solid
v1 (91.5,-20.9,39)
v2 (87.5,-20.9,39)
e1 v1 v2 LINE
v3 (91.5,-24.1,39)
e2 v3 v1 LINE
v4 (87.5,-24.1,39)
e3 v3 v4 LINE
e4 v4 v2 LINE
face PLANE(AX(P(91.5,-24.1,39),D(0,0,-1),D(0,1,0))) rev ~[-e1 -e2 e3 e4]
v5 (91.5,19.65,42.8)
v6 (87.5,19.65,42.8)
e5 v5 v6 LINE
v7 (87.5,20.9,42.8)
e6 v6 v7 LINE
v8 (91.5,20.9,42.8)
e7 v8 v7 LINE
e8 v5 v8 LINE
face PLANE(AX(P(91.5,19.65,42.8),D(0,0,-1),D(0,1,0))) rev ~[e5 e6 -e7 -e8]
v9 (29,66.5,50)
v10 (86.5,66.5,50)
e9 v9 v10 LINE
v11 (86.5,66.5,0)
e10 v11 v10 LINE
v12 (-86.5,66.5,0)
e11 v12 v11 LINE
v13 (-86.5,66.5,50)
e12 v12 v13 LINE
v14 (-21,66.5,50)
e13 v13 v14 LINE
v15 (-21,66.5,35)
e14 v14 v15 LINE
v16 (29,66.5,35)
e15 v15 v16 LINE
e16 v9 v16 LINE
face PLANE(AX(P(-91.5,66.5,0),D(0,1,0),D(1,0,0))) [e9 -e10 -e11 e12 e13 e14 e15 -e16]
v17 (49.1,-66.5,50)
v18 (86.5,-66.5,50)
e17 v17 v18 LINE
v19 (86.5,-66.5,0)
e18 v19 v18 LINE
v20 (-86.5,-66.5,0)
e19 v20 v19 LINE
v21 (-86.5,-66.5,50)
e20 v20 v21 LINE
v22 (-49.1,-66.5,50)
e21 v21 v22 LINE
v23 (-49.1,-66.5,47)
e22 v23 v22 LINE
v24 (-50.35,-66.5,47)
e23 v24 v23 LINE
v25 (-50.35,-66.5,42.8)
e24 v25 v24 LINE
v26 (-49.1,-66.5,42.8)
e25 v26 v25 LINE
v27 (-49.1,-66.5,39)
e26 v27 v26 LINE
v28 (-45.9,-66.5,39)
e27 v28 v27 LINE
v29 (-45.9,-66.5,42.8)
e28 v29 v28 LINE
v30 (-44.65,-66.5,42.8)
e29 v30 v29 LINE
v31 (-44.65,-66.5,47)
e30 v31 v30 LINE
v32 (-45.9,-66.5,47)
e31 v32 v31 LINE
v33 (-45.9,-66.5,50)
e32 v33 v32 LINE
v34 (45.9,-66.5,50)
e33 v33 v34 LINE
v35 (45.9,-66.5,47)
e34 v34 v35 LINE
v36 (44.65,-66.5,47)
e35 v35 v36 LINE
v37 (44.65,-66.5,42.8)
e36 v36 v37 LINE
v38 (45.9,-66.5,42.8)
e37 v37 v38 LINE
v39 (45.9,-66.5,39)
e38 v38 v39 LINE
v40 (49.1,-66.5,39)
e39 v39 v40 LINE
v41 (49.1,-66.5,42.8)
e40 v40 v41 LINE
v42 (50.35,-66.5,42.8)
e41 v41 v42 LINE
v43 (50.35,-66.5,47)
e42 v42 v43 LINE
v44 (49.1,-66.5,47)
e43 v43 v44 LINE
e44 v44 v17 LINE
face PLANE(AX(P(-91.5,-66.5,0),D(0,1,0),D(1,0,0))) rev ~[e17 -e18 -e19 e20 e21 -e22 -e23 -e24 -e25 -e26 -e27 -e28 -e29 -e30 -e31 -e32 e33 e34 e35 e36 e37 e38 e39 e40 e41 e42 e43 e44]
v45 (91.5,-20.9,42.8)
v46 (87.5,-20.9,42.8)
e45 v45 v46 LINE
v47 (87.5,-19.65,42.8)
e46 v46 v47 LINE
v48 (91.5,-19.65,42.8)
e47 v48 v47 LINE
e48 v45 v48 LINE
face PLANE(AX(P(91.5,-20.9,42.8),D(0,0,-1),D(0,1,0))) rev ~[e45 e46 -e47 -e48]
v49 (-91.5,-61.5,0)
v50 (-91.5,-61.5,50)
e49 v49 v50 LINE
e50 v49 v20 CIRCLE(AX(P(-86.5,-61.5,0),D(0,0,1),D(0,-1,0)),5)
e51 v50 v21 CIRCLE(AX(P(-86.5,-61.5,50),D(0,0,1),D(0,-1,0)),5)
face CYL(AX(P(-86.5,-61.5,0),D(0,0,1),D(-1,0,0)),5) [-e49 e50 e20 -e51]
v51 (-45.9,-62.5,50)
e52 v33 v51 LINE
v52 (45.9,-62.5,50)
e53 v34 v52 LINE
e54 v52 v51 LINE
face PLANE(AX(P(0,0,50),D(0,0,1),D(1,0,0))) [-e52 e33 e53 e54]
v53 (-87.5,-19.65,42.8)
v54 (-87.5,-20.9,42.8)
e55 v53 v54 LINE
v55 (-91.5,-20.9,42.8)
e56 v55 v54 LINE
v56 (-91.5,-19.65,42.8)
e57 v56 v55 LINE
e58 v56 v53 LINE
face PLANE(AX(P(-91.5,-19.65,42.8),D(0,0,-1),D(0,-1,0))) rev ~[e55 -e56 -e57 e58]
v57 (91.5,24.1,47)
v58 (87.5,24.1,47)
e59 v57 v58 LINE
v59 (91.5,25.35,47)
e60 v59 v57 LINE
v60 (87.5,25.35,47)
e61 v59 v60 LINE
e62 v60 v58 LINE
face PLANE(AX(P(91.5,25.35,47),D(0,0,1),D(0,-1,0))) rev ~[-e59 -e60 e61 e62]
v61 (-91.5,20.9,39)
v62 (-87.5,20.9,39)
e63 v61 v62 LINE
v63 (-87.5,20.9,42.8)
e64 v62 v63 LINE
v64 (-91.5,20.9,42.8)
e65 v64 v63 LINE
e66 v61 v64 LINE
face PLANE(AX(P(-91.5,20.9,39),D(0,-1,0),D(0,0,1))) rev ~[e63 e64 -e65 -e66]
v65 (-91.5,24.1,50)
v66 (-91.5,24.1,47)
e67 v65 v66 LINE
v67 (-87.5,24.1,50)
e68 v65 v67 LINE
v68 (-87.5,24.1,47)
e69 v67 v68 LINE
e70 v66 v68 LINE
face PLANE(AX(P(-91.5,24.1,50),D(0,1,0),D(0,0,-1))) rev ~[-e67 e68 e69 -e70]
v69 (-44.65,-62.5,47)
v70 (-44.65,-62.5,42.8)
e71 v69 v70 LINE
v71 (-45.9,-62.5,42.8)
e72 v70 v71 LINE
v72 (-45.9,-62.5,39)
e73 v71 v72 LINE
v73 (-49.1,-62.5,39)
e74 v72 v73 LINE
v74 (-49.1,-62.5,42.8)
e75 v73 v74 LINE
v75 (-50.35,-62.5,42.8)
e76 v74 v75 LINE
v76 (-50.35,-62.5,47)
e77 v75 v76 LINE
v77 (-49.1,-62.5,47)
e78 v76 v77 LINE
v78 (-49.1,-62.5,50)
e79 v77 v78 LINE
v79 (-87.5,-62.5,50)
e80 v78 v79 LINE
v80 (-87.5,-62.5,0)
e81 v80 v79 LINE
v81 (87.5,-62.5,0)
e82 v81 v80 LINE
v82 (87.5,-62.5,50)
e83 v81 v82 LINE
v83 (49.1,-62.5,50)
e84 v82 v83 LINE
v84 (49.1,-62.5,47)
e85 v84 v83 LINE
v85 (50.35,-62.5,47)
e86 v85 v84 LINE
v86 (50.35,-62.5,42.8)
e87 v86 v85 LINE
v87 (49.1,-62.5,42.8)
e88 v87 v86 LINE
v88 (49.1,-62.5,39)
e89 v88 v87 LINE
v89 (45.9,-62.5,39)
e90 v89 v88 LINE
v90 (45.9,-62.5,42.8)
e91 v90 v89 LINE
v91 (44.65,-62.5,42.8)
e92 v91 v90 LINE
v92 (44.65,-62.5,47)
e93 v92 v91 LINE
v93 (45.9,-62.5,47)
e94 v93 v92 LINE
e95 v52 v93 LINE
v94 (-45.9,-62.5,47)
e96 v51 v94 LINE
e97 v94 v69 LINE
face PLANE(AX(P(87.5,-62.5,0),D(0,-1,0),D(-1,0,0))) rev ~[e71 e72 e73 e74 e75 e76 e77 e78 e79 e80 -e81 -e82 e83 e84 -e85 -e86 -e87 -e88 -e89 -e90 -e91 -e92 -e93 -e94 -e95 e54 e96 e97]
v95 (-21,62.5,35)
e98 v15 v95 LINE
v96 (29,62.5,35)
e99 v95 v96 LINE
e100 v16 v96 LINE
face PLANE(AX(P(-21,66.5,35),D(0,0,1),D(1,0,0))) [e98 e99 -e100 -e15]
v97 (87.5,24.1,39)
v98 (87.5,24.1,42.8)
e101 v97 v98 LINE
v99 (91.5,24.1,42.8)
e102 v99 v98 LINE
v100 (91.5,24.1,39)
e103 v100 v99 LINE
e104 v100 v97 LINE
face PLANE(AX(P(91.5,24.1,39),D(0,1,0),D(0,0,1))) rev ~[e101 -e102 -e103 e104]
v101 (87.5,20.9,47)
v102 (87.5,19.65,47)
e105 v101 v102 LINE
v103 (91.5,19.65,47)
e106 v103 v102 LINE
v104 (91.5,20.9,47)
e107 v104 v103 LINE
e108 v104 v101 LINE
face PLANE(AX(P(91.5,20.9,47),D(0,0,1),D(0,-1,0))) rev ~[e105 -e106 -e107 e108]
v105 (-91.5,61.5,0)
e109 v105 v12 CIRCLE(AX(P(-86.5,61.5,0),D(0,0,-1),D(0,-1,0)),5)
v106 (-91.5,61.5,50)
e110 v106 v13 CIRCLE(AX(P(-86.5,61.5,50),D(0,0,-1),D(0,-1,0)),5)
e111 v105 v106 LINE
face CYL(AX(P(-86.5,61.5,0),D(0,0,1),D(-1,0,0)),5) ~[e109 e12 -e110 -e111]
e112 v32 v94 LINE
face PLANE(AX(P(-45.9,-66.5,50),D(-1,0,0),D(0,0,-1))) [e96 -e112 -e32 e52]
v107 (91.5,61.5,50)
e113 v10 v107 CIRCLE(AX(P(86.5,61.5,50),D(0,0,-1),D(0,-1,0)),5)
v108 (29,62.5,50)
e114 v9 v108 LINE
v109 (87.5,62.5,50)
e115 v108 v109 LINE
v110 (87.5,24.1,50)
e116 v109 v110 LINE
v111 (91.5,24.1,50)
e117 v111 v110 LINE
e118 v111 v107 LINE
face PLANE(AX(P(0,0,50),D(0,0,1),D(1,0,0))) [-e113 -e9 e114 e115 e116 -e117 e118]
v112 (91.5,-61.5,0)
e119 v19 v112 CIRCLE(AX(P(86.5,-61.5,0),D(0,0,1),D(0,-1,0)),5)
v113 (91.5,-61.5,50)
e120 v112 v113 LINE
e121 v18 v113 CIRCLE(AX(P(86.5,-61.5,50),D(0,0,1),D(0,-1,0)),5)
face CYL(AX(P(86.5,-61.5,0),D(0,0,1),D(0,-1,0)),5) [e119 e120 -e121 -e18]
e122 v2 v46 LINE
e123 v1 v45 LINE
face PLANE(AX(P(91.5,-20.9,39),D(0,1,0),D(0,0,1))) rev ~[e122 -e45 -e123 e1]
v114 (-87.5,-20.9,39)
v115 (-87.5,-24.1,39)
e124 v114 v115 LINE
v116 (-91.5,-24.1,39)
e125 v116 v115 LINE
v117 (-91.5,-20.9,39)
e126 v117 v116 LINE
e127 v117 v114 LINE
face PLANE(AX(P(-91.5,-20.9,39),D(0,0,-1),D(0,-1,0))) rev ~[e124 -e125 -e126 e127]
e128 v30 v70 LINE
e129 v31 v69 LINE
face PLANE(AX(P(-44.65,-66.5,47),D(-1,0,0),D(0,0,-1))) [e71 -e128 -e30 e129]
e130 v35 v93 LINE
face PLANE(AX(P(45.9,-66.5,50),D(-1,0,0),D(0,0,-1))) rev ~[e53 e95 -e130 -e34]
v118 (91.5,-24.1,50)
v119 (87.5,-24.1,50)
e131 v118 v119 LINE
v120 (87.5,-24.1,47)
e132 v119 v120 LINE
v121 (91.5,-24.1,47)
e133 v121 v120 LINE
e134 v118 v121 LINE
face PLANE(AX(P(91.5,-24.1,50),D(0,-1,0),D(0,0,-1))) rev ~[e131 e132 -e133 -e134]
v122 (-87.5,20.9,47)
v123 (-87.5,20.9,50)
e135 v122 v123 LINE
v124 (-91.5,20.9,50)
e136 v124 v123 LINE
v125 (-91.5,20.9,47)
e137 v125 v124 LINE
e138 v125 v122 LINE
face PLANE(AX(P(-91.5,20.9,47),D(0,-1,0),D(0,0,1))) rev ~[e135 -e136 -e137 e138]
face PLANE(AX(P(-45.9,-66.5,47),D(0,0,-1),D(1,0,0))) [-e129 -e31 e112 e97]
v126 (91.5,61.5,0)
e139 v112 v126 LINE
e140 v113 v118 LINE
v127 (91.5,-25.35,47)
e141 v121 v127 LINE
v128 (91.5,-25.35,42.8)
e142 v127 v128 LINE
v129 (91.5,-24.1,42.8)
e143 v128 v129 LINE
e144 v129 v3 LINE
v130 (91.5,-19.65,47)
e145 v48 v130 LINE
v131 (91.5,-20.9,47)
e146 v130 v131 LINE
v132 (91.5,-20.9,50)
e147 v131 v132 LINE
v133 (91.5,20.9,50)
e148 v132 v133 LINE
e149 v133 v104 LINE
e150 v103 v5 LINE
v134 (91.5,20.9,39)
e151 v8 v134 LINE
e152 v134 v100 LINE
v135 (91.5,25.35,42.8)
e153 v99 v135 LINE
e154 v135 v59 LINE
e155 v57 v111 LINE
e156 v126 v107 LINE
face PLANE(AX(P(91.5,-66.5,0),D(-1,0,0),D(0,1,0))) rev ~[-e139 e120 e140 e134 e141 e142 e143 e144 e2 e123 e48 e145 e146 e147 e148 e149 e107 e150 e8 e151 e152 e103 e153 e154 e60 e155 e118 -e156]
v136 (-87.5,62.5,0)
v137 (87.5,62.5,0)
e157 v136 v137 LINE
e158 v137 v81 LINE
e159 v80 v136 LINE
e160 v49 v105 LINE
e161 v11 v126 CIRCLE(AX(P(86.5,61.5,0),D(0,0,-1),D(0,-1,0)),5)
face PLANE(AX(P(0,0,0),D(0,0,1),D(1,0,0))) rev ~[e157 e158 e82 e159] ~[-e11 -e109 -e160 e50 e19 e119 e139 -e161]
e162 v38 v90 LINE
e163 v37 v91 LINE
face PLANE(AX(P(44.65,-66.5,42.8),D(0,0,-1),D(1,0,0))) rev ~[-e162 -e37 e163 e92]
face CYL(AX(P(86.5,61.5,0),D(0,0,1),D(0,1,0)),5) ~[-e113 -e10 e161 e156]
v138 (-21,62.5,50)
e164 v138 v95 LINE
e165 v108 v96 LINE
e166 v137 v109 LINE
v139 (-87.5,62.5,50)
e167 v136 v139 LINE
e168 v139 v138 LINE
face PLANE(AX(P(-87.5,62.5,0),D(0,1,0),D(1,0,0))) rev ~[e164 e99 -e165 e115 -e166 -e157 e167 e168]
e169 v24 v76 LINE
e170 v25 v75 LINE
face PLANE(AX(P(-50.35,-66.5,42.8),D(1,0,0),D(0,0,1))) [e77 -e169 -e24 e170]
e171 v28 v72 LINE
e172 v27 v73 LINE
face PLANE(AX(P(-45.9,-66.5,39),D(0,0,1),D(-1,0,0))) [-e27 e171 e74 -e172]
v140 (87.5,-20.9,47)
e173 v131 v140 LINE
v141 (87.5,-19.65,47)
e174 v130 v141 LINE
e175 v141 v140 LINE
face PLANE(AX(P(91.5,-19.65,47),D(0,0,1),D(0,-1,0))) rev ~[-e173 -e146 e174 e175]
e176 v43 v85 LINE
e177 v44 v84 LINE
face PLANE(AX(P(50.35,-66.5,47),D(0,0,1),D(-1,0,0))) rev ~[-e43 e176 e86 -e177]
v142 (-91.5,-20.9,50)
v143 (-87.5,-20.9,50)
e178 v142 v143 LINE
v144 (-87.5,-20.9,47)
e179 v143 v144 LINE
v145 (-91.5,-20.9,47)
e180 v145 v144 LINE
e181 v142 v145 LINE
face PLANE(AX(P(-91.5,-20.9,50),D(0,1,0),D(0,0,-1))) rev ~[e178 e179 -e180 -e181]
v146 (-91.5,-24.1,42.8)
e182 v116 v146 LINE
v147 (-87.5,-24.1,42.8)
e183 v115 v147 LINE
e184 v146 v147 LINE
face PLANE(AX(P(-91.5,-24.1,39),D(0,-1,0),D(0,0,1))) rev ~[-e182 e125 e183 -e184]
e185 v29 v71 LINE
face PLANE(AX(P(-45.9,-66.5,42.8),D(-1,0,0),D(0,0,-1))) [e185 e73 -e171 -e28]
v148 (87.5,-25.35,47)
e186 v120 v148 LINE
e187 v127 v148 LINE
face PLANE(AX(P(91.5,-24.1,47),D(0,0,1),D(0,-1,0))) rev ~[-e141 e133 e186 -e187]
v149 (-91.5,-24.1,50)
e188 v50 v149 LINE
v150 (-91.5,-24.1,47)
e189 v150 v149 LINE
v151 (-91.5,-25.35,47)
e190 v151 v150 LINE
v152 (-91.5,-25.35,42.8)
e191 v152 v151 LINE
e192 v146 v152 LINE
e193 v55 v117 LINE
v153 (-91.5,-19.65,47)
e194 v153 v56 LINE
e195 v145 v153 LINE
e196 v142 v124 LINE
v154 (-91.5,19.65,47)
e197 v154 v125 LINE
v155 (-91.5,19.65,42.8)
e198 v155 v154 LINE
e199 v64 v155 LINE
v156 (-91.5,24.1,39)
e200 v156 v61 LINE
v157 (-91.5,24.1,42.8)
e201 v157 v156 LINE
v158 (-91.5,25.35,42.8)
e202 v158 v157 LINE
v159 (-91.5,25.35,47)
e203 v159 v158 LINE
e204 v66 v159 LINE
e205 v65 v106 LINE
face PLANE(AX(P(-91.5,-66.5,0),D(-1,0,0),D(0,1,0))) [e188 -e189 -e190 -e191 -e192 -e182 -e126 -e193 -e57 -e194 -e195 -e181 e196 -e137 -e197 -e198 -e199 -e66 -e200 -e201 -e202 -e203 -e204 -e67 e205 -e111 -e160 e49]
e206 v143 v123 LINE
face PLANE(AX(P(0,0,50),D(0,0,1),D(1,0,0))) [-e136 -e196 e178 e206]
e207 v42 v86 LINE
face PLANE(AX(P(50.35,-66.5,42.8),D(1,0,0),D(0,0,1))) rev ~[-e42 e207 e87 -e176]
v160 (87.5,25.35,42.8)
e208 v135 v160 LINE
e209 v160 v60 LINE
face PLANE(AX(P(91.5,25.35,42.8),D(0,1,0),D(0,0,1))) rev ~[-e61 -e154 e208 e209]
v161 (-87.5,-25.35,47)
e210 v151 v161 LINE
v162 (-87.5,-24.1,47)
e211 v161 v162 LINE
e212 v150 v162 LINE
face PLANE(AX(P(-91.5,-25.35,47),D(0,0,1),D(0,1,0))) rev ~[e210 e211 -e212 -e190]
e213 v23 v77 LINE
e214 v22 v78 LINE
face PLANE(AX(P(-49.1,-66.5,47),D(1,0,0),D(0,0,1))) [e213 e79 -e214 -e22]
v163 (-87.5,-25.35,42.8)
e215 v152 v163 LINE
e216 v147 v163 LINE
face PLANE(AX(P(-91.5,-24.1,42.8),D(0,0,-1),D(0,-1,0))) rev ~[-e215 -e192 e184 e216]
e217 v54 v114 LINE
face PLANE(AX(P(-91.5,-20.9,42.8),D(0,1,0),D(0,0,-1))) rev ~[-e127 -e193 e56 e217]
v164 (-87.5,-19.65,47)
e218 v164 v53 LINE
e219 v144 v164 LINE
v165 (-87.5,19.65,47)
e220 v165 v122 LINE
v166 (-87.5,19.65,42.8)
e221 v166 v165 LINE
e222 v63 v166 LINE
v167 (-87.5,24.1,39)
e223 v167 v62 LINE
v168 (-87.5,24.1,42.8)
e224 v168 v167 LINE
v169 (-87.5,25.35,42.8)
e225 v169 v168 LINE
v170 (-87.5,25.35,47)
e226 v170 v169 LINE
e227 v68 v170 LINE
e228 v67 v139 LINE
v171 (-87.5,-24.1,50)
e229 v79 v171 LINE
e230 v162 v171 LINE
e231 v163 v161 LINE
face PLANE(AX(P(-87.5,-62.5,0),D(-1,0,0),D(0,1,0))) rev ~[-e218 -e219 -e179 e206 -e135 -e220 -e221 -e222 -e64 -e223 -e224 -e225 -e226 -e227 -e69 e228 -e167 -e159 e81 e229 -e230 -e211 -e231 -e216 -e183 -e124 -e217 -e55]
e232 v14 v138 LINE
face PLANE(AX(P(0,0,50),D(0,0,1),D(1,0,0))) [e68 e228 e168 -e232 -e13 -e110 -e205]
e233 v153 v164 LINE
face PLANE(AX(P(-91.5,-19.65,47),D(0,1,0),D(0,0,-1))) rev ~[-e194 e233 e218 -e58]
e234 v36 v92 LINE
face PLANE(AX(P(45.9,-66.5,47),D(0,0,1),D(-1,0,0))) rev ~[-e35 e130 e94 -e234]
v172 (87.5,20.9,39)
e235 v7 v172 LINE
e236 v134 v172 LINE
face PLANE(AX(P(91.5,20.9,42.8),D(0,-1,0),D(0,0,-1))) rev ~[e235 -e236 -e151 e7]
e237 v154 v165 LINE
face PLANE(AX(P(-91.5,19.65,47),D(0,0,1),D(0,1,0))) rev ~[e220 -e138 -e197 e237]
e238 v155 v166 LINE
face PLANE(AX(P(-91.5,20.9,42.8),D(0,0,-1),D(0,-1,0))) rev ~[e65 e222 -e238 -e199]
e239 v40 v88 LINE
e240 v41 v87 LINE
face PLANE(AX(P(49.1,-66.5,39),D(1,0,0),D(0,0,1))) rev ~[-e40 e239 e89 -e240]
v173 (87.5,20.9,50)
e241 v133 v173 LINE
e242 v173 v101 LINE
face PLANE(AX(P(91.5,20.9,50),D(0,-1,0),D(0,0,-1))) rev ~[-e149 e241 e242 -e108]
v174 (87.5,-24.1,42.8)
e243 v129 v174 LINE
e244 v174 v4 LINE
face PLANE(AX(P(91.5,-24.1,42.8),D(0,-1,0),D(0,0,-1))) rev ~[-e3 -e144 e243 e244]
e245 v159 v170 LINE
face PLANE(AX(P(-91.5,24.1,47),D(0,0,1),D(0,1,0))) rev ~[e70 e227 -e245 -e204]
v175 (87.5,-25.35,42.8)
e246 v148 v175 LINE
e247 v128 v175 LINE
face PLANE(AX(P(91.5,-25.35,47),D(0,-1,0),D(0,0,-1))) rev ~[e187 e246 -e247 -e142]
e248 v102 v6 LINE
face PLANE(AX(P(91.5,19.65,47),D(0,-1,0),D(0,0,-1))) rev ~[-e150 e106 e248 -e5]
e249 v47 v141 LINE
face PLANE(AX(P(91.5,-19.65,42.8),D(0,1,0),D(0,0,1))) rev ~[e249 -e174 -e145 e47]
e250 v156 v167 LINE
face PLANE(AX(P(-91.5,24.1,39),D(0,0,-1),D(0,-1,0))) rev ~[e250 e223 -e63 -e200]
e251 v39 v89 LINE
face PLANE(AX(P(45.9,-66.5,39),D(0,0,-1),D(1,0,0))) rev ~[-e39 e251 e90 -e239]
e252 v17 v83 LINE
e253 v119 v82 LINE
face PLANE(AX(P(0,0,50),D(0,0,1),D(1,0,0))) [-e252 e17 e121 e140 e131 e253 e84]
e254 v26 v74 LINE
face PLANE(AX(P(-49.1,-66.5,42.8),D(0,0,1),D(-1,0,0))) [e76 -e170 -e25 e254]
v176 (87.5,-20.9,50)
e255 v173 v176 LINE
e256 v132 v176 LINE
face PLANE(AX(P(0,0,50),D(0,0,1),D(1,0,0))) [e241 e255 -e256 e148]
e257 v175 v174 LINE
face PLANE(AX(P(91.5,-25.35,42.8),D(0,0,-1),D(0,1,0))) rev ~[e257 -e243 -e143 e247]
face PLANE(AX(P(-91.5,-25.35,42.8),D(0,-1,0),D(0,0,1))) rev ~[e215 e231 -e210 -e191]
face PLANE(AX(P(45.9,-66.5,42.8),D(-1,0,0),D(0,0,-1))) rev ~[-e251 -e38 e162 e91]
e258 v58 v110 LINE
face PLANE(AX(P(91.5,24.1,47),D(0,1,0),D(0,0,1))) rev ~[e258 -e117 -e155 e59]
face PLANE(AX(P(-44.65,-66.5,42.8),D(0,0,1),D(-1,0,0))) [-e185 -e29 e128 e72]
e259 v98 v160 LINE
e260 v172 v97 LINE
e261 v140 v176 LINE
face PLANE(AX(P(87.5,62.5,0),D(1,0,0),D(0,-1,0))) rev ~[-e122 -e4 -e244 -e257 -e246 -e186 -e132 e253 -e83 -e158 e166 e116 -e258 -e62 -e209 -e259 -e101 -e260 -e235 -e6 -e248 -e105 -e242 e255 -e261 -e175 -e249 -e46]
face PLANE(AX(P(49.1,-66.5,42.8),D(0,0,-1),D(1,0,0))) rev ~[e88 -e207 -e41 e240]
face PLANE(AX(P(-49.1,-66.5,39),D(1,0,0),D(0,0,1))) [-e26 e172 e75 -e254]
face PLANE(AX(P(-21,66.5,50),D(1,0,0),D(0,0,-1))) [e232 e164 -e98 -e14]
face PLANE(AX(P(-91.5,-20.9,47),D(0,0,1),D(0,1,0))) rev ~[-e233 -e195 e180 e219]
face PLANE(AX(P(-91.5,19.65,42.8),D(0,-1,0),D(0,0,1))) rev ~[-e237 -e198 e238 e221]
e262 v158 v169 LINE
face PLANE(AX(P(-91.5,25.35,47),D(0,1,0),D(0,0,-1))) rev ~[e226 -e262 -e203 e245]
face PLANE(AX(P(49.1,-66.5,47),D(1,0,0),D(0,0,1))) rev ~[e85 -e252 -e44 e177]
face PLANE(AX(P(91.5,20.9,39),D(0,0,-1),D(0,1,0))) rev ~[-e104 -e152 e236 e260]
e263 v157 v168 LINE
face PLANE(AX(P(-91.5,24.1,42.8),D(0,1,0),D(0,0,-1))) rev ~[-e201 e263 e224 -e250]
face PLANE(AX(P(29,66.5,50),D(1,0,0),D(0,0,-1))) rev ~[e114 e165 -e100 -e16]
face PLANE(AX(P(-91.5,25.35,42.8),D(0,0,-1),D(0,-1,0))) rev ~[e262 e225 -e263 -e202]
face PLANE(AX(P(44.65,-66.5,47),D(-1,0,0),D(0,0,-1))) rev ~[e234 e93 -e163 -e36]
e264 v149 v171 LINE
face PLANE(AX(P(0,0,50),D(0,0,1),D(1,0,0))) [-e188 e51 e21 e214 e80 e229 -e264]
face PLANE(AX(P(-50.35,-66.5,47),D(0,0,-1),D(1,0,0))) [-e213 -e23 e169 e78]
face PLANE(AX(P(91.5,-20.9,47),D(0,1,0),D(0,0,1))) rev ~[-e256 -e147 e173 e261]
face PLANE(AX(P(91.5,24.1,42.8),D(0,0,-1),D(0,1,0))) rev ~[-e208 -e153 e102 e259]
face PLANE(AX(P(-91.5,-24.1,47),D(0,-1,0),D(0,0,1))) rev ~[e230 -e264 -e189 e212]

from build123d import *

# Parameters (mm, degrees)
ESQUISSE2_W             = 183
ESQUISSE2_H             = 133
BOSS_EXTRU_2_DEPTH      = 50
ESQUISSE3_W             = 50
ESQUISSE3_H             = 15
ENL_V_MAT_EXTRU_1_DEPTH = 50
CONG_1_R                = 5
ENL_V_MAT_EXTRU_3_DEPTH = 4
ENL_V_MAT_EXTRU_4_DEPTH = 4
ENL_V_MAT_EXTRU_5_DEPTH = 4


with BuildPart() as part:
    # Esquisse2 → Boss.-Extru.2 (new body)
    with BuildSketch(Plane.XY):
        Rectangle(ESQUISSE2_W, ESQUISSE2_H)
        Polygon((-85.996240602, -62.5), (-87.5, -62.5), (-87.5, 62.5), (87.5, 62.5), (87.5, -62.5), align=None, mode=Mode.SUBTRACT)
    extrude(amount=BOSS_EXTRU_2_DEPTH)

    # Esquisse3 → Enlèv. mat.-Extru.1 (cut)
    with BuildSketch(Plane(origin=(0, 66.5, 0), x_dir=(1, 0, 0), z_dir=(0, 1, 0))):
        with Locations((4, -42.5)):
            Rectangle(ESQUISSE3_W, ESQUISSE3_H)
    extrude(amount=-ENL_V_MAT_EXTRU_1_DEPTH, mode=Mode.SUBTRACT)

    # Congé1
    cong_1_edges = [part.edges().sort_by_distance(p)[0] for p in [
        (91.5, -66.5, 25),
        (91.5, 66.5, 25),
        (-91.5, 66.5, 25),
        (-91.5, -66.5, 25),
    ]]
    fillet(cong_1_edges, radius=CONG_1_R)

    # Esquisse6 → Enlèv. mat.-Extru.3 (cut)
    with BuildSketch(Plane(origin=(91.5, 0, 0), x_dir=(0, 0, -1), z_dir=(1, 0, 0))):
        Polygon((-50, 20.9), (-47, 20.9), (-47, 19.65), (-42.8, 19.65), (-42.8, 20.9), (-39, 20.9), (-39, 24.1), (-42.8, 24.1), (-42.8, 25.35), (-47, 25.35), (-47, 24.1), (-50, 24.1), align=None)
        Polygon((-50, -24.1), (-47, -24.1), (-47, -25.35), (-42.8, -25.35), (-42.8, -24.1), (-39, -24.1), (-39, -20.9), (-42.8, -20.9), (-42.8, -19.65), (-47, -19.65), (-47, -20.9), (-50, -20.9), align=None)
    extrude(amount=-ENL_V_MAT_EXTRU_3_DEPTH, mode=Mode.SUBTRACT)

    # Esquisse7 → Enlèv. mat.-Extru.4 (cut)
    with BuildSketch(Plane.ZY.offset(91.5)):
        Polygon((47, 20.9), (50, 20.9), (50, 24.1), (47, 24.1), (47, 25.35), (42.8, 25.35), (42.8, 24.1), (39, 24.1), (39, 20.9), (42.8, 20.9), (42.8, 19.65), (47, 19.65), align=None)
        Polygon((47, -24.1), (50, -24.1), (50, -20.9), (47, -20.9), (47, -19.65), (42.8, -19.65), (42.8, -20.9), (39, -20.9), (39, -24.1), (42.8, -24.1), (42.8, -25.35), (47, -25.35), align=None)
    extrude(amount=-ENL_V_MAT_EXTRU_4_DEPTH, mode=Mode.SUBTRACT)

    # Esquisse9 → Enlèv. mat.-Extru.5 (cut)
    with BuildSketch(Plane.XZ.offset(66.5)):
        Polygon((-49.1, 50), (-45.9, 50), (-45.9, 47), (-44.65, 47), (-44.65, 42.8), (-45.9, 42.8), (-45.9, 39), (-49.1, 39), (-49.1, 42.8), (-50.35, 42.8), (-50.35, 47), (-49.1, 47), align=None)
        Polygon((45.9, 50), (45.9, 47), (44.65, 47), (44.65, 42.8), (45.9, 42.8), (45.9, 39), (49.1, 39), (49.1, 42.8), (50.35, 42.8), (50.35, 47), (49.1, 47), (49.1, 50), align=None)
    extrude(amount=-ENL_V_MAT_EXTRU_5_DEPTH, mode=Mode.SUBTRACT)


solid = part.part
